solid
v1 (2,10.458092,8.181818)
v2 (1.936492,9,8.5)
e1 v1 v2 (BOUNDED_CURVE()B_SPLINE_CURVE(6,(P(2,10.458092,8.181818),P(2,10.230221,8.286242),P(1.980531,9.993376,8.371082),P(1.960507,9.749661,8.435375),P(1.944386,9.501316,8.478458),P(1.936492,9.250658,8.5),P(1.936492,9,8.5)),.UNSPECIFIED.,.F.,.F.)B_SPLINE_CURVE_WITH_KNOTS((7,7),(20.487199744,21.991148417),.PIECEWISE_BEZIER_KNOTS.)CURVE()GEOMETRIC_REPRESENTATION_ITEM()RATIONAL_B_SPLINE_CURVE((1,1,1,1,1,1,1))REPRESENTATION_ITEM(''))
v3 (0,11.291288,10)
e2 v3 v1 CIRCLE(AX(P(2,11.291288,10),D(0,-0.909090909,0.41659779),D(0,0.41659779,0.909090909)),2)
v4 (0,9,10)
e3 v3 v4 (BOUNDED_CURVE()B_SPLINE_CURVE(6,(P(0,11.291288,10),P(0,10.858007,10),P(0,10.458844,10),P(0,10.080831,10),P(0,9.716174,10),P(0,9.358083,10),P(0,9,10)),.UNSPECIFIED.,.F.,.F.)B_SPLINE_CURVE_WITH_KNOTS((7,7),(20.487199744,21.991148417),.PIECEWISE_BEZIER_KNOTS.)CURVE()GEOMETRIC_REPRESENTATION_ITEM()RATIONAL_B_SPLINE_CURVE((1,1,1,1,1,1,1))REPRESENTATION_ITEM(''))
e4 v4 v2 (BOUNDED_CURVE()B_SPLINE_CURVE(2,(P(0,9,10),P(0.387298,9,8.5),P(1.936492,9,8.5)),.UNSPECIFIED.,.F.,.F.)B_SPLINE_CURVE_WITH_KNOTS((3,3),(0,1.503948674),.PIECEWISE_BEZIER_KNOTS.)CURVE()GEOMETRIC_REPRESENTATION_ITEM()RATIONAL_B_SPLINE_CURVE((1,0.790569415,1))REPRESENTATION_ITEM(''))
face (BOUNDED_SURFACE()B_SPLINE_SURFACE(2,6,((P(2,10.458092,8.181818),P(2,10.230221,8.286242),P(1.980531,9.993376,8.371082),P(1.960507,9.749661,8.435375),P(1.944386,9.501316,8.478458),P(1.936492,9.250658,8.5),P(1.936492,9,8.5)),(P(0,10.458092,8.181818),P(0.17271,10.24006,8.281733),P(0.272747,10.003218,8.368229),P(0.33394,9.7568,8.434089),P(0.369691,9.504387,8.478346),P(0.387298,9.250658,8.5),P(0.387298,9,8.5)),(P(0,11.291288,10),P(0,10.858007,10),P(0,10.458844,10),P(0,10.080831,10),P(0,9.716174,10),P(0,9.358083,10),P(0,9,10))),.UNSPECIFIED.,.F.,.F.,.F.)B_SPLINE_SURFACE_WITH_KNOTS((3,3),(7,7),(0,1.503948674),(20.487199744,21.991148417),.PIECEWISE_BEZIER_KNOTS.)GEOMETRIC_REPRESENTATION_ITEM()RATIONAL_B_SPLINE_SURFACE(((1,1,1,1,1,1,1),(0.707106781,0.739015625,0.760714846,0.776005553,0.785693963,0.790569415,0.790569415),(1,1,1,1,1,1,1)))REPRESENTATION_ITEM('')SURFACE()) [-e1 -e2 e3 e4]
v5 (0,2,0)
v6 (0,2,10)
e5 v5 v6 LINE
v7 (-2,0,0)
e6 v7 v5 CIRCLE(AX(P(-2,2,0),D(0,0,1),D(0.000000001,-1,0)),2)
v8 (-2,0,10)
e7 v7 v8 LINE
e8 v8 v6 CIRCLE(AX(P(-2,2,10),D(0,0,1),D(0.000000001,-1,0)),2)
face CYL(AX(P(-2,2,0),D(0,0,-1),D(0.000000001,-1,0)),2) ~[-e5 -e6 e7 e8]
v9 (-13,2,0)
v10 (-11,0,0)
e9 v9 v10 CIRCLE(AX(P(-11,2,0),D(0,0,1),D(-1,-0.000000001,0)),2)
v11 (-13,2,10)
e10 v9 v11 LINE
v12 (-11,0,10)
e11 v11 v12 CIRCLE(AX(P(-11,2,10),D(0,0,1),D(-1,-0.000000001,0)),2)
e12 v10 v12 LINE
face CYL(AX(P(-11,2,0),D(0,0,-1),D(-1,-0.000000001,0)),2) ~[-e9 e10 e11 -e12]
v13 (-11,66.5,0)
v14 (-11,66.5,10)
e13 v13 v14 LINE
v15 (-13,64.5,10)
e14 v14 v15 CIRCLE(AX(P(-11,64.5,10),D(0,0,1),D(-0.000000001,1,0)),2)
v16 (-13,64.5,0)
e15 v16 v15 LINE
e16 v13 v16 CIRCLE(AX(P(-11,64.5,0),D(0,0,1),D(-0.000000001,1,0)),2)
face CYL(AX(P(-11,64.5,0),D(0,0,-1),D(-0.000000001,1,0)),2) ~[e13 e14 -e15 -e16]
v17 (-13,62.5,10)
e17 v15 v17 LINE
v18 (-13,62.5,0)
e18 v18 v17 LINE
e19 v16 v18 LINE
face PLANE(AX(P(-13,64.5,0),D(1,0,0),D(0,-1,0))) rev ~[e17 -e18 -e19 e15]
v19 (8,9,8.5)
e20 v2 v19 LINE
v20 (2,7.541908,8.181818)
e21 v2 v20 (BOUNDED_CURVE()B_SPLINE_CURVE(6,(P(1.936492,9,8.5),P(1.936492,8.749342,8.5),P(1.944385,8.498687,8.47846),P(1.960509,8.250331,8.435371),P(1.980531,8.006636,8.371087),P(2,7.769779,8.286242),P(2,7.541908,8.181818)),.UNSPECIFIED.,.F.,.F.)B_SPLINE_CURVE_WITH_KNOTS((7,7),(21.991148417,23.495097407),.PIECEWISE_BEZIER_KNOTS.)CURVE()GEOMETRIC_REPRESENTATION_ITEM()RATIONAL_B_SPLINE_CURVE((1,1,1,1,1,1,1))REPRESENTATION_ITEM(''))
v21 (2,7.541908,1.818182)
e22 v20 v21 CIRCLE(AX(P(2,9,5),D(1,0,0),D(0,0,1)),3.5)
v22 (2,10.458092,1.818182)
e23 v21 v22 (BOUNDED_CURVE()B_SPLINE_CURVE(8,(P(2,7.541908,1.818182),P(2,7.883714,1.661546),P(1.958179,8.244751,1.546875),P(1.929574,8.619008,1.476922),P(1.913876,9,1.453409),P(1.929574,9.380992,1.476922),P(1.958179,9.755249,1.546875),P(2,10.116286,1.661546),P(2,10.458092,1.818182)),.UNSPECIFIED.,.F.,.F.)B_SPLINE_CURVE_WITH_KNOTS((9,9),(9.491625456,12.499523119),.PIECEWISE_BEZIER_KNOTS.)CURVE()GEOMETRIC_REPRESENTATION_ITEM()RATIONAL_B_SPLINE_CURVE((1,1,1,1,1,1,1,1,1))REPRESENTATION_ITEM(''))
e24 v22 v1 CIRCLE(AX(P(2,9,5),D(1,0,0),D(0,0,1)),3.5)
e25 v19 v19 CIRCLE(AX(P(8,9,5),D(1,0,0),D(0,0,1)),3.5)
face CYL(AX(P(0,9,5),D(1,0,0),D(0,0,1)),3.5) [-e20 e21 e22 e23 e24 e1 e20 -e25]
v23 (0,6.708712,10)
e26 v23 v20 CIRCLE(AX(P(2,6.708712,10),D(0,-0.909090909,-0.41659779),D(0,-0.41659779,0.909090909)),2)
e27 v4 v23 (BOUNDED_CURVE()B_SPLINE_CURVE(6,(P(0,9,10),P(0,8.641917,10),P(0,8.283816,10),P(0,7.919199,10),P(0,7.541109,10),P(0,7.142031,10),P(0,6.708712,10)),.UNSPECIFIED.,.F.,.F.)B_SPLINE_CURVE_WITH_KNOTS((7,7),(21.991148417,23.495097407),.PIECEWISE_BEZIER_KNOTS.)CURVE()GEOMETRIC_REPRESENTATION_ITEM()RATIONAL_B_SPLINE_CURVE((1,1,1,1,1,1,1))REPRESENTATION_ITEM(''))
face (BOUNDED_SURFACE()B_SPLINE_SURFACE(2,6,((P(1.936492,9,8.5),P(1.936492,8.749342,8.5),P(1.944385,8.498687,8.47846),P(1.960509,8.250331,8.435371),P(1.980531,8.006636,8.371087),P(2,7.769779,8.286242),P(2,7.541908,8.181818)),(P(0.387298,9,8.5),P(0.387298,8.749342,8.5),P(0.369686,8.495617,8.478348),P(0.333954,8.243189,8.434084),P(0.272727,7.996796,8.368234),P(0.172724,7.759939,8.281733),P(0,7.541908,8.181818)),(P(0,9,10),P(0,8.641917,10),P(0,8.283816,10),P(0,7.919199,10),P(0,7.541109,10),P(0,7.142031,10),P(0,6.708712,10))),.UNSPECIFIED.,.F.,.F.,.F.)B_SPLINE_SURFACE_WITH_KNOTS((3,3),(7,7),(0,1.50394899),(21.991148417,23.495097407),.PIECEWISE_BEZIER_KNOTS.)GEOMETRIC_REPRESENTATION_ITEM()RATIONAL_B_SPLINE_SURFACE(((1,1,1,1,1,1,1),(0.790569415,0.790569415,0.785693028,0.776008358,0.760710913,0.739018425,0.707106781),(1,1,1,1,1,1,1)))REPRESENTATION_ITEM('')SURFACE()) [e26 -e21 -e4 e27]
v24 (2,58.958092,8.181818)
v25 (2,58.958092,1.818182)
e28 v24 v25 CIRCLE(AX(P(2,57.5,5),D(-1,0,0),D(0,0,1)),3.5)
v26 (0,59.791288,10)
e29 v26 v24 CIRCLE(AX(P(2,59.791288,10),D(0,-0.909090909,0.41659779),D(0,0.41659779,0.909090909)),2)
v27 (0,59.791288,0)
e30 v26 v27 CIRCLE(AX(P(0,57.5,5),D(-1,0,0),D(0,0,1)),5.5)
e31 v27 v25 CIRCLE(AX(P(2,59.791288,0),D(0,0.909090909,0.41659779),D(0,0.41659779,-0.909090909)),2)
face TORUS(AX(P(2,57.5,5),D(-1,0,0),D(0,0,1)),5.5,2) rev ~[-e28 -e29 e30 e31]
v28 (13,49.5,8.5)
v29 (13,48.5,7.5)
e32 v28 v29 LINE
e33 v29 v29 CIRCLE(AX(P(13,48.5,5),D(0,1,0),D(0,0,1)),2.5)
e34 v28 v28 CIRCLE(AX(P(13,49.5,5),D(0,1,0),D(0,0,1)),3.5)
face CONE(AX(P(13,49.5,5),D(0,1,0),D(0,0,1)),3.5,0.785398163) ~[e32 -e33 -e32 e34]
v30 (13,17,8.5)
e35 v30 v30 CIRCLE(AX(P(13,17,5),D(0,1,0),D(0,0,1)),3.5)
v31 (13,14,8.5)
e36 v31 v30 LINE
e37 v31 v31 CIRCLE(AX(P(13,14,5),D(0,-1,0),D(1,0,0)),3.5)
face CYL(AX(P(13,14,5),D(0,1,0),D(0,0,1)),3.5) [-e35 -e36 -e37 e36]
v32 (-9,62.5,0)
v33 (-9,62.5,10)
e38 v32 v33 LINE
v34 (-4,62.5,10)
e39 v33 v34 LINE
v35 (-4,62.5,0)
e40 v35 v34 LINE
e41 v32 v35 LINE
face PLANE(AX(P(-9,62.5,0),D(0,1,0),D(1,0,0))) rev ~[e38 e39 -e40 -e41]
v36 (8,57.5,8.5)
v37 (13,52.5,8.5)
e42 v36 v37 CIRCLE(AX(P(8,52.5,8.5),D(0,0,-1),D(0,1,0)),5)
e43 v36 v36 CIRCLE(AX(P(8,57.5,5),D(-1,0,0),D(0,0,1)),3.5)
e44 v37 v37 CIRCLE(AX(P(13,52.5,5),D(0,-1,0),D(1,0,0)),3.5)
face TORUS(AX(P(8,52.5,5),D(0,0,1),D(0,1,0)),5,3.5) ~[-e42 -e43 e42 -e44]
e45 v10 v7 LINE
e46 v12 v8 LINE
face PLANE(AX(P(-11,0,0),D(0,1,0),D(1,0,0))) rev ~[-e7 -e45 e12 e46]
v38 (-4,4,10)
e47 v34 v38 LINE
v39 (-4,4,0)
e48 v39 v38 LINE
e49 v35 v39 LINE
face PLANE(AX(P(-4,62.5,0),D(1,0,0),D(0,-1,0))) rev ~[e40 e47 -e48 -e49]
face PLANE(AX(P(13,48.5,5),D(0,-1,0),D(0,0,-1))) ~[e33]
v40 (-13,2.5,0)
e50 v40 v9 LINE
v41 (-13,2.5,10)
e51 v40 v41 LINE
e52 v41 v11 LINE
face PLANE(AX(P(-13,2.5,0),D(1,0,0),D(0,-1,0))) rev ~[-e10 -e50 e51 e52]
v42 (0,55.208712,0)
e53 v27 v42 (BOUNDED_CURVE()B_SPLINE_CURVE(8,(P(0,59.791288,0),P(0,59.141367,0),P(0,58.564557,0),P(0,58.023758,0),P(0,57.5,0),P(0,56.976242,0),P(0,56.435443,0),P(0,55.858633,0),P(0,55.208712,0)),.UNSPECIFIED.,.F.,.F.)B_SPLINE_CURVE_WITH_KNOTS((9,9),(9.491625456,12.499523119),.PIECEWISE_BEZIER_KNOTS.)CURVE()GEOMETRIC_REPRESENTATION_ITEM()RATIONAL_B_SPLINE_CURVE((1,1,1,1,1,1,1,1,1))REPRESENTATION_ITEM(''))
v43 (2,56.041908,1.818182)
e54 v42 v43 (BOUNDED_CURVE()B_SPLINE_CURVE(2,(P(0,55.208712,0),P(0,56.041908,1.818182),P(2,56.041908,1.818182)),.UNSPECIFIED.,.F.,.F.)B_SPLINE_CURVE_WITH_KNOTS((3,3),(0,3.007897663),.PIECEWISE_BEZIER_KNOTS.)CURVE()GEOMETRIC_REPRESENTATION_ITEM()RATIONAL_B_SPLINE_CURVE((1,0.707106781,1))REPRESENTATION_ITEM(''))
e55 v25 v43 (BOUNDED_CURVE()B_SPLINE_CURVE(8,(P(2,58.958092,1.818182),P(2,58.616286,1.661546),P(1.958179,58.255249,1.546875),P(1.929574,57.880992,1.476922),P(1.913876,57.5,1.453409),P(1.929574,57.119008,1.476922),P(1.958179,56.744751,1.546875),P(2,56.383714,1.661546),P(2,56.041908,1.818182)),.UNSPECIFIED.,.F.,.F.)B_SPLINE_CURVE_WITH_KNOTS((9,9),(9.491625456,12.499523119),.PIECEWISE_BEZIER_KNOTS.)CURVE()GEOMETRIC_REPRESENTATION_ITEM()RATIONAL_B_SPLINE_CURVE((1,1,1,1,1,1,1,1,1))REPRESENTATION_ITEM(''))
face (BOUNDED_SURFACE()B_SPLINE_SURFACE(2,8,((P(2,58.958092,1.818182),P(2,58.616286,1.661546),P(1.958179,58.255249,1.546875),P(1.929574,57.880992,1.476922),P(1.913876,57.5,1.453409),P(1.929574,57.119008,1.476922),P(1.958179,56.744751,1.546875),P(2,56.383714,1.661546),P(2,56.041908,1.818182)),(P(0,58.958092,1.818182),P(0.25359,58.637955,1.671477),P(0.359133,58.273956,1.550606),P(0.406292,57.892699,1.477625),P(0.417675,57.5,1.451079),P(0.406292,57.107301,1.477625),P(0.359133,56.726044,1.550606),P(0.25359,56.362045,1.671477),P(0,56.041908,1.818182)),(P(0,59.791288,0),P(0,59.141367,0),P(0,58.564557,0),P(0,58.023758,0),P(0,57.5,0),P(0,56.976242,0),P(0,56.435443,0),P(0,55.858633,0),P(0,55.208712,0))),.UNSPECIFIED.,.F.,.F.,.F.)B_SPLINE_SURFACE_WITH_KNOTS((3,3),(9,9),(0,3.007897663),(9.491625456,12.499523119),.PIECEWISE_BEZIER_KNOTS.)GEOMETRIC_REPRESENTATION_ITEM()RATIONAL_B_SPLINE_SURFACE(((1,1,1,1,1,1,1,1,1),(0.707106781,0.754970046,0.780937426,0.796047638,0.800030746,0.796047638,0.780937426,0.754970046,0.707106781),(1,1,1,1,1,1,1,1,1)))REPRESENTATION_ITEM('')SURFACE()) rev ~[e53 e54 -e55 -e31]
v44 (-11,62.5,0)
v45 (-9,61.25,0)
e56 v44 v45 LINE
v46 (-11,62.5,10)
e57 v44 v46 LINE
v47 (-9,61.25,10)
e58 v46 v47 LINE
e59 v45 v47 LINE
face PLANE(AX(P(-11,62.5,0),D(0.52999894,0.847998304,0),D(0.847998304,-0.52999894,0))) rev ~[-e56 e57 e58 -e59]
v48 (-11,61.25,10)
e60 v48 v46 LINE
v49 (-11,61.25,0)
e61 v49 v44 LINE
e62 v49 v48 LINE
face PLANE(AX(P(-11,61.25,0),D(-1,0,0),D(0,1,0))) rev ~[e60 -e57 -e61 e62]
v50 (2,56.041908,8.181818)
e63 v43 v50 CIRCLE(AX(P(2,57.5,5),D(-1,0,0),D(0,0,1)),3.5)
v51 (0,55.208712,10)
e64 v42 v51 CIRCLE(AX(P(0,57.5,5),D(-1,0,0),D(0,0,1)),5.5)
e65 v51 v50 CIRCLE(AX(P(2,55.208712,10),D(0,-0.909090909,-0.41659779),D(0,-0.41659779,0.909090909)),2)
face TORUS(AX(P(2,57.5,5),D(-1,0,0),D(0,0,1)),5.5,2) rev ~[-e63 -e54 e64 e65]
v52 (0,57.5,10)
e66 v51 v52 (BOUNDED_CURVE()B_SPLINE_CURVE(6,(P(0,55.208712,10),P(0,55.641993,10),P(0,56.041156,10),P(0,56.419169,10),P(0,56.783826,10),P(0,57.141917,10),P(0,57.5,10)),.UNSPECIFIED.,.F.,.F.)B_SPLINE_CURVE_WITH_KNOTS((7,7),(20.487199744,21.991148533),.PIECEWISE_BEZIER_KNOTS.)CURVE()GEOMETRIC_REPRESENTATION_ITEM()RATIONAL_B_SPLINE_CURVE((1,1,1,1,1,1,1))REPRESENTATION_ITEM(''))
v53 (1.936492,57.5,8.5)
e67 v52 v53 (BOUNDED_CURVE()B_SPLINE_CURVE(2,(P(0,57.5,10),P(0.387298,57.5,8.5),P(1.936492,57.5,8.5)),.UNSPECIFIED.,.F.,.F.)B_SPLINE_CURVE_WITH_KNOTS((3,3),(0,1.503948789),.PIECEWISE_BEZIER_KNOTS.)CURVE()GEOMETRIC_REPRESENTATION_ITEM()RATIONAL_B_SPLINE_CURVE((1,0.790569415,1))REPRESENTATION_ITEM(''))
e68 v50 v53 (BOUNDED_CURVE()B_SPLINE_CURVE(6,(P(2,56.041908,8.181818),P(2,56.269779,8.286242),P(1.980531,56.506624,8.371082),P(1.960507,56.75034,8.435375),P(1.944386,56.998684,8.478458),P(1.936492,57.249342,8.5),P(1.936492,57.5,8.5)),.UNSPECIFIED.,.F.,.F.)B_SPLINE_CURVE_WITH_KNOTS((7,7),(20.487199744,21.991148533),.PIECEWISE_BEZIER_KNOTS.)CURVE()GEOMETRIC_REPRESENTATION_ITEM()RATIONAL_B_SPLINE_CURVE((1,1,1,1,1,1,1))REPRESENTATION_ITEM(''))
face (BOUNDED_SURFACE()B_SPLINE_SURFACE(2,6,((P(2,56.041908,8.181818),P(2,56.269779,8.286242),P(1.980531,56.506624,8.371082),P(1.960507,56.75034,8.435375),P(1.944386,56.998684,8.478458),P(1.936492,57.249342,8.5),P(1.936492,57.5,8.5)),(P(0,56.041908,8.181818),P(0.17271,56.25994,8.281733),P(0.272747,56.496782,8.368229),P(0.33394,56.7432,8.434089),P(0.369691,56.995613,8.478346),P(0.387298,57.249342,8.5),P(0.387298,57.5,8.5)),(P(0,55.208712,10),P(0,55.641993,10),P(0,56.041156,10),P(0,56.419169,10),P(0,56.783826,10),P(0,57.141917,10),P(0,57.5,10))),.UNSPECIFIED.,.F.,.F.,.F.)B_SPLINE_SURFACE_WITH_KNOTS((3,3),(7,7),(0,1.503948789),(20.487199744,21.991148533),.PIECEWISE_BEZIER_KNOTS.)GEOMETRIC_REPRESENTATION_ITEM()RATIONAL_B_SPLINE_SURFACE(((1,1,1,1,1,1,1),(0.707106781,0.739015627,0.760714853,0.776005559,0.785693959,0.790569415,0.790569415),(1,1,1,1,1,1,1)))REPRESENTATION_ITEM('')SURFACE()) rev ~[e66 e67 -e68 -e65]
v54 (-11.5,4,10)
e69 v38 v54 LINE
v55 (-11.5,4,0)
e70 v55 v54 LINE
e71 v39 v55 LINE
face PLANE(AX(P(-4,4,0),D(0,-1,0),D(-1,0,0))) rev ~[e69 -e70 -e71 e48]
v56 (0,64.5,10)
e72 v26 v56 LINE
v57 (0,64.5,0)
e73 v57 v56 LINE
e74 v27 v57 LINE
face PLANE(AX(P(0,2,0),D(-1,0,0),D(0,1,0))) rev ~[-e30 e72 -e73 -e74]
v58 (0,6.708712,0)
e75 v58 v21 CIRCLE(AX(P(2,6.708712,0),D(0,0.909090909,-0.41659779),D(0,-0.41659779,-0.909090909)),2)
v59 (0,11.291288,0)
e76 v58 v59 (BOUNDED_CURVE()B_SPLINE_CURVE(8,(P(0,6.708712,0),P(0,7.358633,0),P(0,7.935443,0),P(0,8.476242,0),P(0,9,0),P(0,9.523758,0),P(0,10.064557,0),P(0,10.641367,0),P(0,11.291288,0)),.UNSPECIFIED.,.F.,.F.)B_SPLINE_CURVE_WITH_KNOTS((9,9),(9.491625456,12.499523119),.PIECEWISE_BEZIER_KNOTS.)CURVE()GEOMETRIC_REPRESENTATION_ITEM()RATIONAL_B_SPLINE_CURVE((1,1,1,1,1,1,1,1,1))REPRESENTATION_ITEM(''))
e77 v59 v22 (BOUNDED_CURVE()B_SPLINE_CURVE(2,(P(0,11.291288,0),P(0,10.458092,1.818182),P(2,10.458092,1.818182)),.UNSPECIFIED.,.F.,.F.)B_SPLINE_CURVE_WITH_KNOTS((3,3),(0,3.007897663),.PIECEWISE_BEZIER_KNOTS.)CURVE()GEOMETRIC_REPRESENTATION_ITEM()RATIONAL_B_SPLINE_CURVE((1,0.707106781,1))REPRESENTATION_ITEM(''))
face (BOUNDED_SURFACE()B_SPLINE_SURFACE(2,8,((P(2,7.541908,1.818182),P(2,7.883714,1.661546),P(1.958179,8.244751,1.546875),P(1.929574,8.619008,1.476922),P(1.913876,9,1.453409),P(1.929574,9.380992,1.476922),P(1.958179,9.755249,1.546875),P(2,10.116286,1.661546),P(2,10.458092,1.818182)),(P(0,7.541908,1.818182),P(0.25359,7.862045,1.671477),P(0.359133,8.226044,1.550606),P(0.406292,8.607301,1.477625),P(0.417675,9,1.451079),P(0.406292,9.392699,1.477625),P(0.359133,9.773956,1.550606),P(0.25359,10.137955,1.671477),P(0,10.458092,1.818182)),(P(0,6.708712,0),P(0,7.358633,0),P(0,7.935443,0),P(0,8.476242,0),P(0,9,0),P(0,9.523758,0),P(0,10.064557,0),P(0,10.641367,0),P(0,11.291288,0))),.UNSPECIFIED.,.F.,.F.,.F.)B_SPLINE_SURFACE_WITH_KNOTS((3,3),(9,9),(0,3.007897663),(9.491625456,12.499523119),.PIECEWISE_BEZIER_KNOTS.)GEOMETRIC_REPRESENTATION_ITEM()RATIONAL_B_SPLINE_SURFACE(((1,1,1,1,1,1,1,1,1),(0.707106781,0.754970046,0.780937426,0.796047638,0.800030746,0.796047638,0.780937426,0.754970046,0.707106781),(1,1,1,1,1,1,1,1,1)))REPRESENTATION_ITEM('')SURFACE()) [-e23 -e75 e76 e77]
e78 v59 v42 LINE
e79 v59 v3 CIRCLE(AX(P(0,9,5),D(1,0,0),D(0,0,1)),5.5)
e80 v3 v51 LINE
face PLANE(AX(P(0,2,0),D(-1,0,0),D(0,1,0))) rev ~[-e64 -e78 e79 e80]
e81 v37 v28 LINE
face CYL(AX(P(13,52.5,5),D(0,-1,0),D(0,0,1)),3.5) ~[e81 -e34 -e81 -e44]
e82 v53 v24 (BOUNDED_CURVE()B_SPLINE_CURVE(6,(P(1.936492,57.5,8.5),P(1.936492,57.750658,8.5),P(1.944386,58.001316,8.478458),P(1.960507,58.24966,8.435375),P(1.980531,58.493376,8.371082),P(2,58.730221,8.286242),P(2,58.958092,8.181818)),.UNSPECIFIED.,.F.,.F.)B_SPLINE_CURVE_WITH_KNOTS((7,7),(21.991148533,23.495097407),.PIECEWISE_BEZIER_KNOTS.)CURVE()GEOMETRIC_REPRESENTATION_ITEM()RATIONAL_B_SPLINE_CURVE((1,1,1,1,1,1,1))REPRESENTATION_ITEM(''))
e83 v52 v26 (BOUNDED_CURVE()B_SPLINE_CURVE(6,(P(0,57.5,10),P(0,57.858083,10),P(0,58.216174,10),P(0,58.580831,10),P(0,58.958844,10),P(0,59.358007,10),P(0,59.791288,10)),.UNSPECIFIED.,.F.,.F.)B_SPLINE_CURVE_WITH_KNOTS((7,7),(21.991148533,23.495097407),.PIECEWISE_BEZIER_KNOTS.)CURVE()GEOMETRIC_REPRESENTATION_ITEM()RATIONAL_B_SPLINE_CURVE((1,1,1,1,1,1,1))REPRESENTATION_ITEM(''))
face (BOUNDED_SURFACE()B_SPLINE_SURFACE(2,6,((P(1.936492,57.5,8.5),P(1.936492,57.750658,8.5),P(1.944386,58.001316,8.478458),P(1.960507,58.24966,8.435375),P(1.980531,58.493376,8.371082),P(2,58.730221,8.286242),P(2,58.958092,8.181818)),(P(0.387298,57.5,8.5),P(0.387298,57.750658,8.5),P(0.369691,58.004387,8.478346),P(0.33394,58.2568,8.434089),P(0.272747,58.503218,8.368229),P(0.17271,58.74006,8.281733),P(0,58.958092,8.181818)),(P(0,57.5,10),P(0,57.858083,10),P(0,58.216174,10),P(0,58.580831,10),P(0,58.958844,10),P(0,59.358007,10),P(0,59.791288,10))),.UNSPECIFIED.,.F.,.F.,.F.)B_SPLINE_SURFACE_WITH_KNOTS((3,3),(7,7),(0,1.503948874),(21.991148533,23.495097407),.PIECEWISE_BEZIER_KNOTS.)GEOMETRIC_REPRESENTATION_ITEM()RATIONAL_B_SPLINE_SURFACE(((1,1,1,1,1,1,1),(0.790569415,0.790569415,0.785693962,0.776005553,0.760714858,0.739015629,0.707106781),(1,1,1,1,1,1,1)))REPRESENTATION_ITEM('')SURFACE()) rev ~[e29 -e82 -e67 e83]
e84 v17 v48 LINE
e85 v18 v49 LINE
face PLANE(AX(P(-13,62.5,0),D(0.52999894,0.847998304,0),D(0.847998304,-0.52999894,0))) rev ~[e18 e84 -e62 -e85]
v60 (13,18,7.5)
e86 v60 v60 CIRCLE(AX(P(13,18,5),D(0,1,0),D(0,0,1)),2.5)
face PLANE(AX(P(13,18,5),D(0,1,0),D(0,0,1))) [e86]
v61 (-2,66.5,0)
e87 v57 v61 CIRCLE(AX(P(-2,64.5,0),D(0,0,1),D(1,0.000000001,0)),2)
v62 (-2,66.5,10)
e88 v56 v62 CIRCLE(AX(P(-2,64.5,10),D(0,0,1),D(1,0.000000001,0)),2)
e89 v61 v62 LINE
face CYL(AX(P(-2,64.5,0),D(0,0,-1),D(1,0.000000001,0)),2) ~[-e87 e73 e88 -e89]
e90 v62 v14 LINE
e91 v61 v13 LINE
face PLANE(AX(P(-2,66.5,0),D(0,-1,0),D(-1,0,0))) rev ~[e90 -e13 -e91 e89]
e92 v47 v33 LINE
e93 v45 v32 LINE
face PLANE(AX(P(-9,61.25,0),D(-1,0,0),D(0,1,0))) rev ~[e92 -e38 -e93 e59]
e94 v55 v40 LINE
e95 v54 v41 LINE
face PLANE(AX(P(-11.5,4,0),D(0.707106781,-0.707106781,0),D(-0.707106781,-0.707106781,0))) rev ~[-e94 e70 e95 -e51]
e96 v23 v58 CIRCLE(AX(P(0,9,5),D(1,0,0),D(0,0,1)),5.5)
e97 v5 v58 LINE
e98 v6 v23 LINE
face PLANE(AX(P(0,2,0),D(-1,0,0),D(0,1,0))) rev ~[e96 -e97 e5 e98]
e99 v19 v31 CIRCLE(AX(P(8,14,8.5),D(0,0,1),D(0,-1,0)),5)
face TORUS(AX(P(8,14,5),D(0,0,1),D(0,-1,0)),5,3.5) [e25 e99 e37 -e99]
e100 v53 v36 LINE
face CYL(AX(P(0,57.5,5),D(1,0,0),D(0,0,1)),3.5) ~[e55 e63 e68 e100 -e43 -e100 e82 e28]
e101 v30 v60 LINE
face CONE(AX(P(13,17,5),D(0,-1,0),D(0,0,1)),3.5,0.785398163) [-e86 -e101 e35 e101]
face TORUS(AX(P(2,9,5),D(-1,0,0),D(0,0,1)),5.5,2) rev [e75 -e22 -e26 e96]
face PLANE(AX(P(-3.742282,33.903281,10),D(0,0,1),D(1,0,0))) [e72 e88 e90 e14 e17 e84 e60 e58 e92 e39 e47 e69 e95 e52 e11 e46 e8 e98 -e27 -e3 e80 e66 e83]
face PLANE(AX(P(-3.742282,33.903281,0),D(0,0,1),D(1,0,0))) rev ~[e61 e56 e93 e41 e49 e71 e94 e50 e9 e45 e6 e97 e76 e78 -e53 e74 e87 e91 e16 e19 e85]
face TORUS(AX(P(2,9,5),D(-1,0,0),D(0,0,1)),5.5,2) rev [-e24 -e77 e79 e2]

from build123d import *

# Parameters (mm, degrees)
BOSS_EXTRUDE1_DEPTH      = 10
SWEEP1_PROFILE_R         = 3.5
FILLET1_R                = 2
CHAMFER1_SIZE            = 1
FILLET1_OF_MIRROR1_R     = 2
CHAMFER1_OF_MIRROR1_SIZE = 1


with BuildPart() as part:
    # Sketch1 → Boss-Extrude1 (new body)
    with BuildSketch(Plane.XY):
        with BuildLine():
            Line((-13, 62.5), (-11, 61.25))
            Line((-11, 61.25), (-11, 62.5))
            Line((-11, 62.5), (-9, 61.25))
            Line((-9, 61.25), (-9, 62.5))
            Line((-9, 62.5), (-4, 62.5))
            Line((-4, 62.5), (-4, 4))
            Line((-4, 4), (-11.5, 4))
            Line((-11.5, 4), (-13, 2.5))
            Line((-13, 2.5), (-13, 2))
            ThreePointArc((-13, 2), (-12.414213562, 0.585786438), (-11, 0))
            Line((-11, 0), (-2, 0))
            ThreePointArc((-2, 0), (-0.585786438, 0.585786438), (0, 2))
            Line((0, 2), (0, 64.5))
            ThreePointArc((0, 64.5), (-0.585786438, 65.914213562), (-2, 66.5))
            Line((-2, 66.5), (-4, 66.5))
            Line((-4, 66.5), (-11, 66.5))
            ThreePointArc((-11, 66.5), (-12.414213562, 65.914213562), (-13, 64.5))
            Line((-13, 64.5), (-13, 62.5))
        make_face()
    extrude(amount=BOSS_EXTRUDE1_DEPTH)

    # Sweep1: sweep along a curve in space
    with BuildLine() as sweep1_path:
        Line((0, 9, 5), (8, 9, 5))
        ThreePointArc((8, 9, 5), (11.535533906, 10.464466094, 5), (13, 14, 5))
        Line((13, 14, 5), (13, 18, 5))
    # Sweep1 profile (on start of the path) → Sweep1 (sweep)
    with BuildSketch(Plane(origin=(0, 9, 5), x_dir=(0, 0, 1), z_dir=(1, 0, 0))):
        Circle(SWEEP1_PROFILE_R)
    sweep1 = sweep(path=sweep1_path.line)

    # Fillet1
    fillet1_edges = [part.edges().sort_by_distance(p)[0] for p in [
        (0, 9, 1.5),
    ]]
    fillet(fillet1_edges, radius=FILLET1_R)

    # Chamfer1
    chamfer1_edges = [part.edges().sort_by_distance(p)[0] for p in [
        (13, 18, 1.5),
    ]]
    chamfer(chamfer1_edges, length=CHAMFER1_SIZE)

    # Mirror1: Sweep1 across plane
    add(sweep1.mirror(Plane(origin=(0, 33.25, 0), x_dir=(0, 0, 1), z_dir=(0, -1, 0))))

    # Fillet1 of Mirror1
    fillet1_of_mirror1_edges = [part.edges().sort_by_distance(p)[0] for p in [
        (0, 57.5, 1.5),
    ]]
    fillet(fillet1_of_mirror1_edges, radius=FILLET1_OF_MIRROR1_R)

    # Chamfer1 of Mirror1
    chamfer1_of_mirror1_edges = [part.edges().sort_by_distance(p)[0] for p in [
        (13, 48.5, 1.5),
    ]]
    chamfer(chamfer1_of_mirror1_edges, length=CHAMFER1_OF_MIRROR1_SIZE)


solid = part.part
